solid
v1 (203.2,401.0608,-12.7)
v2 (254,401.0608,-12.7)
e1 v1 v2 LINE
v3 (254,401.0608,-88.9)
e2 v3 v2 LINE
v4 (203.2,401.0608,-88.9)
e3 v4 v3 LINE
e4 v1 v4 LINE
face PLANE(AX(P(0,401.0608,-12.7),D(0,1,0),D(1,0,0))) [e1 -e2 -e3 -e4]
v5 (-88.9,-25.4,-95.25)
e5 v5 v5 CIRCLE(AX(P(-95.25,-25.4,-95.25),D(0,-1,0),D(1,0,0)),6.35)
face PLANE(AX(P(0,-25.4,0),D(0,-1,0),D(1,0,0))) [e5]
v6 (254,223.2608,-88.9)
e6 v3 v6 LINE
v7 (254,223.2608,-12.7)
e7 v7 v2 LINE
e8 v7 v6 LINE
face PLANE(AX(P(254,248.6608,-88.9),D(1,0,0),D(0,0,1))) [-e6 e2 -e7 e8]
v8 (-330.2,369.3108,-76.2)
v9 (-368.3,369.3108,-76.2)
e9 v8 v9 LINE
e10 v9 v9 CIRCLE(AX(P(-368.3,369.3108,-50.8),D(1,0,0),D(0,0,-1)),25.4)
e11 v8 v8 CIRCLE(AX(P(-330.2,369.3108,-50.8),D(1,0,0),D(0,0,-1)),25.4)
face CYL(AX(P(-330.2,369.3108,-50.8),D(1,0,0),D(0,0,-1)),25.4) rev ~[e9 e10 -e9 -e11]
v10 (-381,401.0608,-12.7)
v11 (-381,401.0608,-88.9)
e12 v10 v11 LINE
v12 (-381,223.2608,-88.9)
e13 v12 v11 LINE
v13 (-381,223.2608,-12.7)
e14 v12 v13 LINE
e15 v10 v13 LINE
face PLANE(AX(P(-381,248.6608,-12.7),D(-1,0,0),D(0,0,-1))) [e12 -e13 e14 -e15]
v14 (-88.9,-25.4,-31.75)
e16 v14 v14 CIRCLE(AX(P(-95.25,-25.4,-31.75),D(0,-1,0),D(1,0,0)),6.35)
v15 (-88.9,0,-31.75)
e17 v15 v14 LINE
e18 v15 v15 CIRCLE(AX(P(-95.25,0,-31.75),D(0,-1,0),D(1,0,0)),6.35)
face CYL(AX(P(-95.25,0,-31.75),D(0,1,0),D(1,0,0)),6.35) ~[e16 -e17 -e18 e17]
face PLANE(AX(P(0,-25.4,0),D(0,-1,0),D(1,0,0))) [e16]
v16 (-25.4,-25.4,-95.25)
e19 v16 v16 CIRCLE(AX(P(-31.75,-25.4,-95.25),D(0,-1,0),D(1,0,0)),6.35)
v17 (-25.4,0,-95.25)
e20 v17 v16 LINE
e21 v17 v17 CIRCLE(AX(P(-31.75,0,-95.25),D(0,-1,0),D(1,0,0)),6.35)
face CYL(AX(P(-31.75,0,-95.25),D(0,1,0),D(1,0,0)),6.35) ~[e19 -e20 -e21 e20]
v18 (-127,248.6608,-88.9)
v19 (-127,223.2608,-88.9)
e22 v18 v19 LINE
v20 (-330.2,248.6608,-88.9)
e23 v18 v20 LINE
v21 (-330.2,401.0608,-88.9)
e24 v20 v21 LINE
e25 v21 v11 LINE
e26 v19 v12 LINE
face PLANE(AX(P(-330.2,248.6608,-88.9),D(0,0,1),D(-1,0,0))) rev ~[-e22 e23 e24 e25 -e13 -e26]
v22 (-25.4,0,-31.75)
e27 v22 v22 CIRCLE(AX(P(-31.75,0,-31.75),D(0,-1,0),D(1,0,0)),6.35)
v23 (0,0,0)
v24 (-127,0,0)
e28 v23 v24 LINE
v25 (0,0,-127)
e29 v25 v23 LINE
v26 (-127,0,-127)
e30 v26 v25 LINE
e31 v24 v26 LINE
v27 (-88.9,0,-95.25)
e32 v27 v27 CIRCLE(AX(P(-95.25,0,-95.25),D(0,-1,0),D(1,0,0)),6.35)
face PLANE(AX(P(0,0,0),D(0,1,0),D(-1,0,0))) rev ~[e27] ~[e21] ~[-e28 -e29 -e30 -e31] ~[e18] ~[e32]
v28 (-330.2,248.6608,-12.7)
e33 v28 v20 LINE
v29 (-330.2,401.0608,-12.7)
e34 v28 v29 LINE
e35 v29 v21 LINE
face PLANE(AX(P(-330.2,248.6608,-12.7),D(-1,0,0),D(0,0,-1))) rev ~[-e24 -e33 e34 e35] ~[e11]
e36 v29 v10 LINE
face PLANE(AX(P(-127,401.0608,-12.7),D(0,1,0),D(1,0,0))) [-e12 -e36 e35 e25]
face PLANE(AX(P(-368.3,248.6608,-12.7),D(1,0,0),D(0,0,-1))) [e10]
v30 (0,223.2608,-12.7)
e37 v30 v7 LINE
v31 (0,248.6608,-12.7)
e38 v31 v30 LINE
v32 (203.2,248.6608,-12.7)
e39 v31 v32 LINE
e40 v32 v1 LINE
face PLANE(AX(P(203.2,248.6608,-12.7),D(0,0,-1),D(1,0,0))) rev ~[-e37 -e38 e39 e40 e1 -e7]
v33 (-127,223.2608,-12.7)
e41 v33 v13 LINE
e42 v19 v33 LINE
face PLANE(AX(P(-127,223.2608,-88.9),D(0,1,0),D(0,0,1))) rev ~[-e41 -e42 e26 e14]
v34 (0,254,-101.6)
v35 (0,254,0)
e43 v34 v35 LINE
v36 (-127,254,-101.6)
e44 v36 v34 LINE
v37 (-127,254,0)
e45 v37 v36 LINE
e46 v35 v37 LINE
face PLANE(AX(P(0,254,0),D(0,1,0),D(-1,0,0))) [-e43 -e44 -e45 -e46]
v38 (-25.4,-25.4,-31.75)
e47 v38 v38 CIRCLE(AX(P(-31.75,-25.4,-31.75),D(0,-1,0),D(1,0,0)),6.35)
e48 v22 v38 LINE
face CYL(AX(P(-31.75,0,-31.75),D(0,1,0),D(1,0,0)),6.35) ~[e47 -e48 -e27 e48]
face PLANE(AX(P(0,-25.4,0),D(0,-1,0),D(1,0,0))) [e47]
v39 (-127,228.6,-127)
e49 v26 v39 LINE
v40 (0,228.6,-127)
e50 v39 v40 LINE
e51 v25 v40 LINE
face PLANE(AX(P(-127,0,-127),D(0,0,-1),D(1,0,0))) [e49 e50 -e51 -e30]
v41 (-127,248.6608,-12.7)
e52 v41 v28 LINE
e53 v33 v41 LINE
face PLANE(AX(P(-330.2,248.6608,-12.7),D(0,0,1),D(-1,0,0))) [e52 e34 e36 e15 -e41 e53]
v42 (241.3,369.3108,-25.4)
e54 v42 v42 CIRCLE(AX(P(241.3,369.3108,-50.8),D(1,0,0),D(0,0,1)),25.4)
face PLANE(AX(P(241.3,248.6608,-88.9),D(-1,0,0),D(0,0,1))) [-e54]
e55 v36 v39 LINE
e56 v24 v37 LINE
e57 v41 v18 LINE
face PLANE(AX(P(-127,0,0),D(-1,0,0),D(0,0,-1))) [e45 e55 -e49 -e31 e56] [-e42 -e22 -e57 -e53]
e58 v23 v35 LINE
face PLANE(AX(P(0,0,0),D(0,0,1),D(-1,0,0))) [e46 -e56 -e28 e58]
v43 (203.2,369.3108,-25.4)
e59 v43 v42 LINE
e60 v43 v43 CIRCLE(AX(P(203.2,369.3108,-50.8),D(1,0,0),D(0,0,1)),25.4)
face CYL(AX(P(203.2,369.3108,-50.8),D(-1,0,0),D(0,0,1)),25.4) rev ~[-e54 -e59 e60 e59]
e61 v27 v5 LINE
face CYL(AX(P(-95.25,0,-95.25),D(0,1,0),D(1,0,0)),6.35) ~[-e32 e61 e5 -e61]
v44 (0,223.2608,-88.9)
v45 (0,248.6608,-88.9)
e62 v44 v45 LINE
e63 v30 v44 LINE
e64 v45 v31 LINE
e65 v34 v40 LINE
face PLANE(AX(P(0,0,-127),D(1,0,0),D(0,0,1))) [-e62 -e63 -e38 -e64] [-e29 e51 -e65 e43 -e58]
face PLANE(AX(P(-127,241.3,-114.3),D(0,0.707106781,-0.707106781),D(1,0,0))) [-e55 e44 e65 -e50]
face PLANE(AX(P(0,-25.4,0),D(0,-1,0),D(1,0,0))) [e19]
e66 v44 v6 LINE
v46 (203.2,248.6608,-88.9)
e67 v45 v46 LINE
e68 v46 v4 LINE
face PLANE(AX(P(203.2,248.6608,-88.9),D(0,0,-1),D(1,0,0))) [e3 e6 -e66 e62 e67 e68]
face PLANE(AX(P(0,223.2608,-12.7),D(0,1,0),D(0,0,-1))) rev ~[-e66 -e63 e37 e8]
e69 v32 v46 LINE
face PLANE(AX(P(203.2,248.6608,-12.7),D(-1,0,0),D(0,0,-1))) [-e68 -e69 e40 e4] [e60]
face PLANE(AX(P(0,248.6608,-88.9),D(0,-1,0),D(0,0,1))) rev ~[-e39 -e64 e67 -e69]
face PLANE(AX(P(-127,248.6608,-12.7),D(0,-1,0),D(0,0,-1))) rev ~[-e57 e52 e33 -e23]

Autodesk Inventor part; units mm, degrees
ref_plane "YZ Plane" through (0, 0, 0) normal (1, 0, 0) x (0, 1, 0)
ref_plane "XZ Plane" through (0, 0, 0) normal (0, 1, 0) x (-1, 0, 0)
ref_plane "XY Plane" through (0, 0, 0) normal (0, 0, 1) x (1, 0, 0)
sketch "Sketch1" plane through (0, 0, 0) normal (0, 1, 0) x (-1, 0, 0)
  line L0 (0, 0) -> (127, 0)
  line L1 (127, 0) -> (127, -127)
  line L2 (127, -127) -> (0, -127)
  line L3 (0, -127) -> (0, 0)
  dimension "d0" = 127
  dimension "d1" = 127
extrude "Extrusion1" add sketch "Sketch1" along normal blind 254
sketch "Sketch3" plane through (0, 0, 0) normal (0, -1, 0) x (1, 0, 0)
  line L0 (0, -127) -> (-127, -127) projected
  line L1 (-127, -127) -> (-127, 0) projected
  line L2 (0, 0) -> (0, -127) projected
  line L3 (-127, 0) -> (0, 0) projected
  circle A0 centre (-31.75, -31.75) radius 6.35
  circle A1 centre (-95.25, -31.75) radius 6.35
  circle A2 centre (-95.25, -95.25) radius 6.35
  circle A3 centre (-31.75, -95.25) radius 6.35
  dimension "d5" = 12.7
  dimension "d6" = 12.7
  dimension "d7" = 12.7
  dimension "d8" = 12.7
extrude "Extrusion2" add sketch "Sketch3" along normal blind 25.4 contours A0 | A1 | A2 | A3
thread "Thread1" size "1/2-13 UNC" class "2A" standard "ANSI Unified Screw Threads" full length
thread "Thread2" size "1/2-13 UNC" class "2A" standard "ANSI Unified Screw Threads" full length
thread "Thread3" size "1/2-13 UNC" class "2A" standard "ANSI Unified Screw Threads" full length
thread "Thread4" size "1/2-13 UNC" class "2A" standard "ANSI Unified Screw Threads" full length
chamfer "Chamfer1" distance 25.4 angle 45 1 edges at (-63.5, 254, -127)
sketch "Sketch5" plane through (0, 0, 0) normal (1, 0, 0) x (0, 0, -1)
  line L0 (127, 0) -> (127, 228.6) projected
  line L1 (101.6, 254) -> (0, 254) projected
  line L2 (12.7, 223.2608) -> (88.9, 223.2608)
  line L3 (88.9, 223.2608) -> (88.9, 248.6608)
  line L4 (88.9, 248.6608) -> (12.7, 248.6608)
  line L5 (12.7, 248.6608) -> (12.7, 223.2608)
  line L6 (12.7, 223.2608) -> (88.9, 248.6608) construction
  line L7 (88.9, 223.2608) -> (12.7, 248.6608) construction
  point P0 (0, 0)
  point P1 (50.8, 235.9608)
  dimension "d22" = 76.2
  dimension "d23" = 25.4
extrude "Extrusion3" add sketch "Sketch5" along normal blind 254
sketch "Sketch6" plane through (0, 248.6608, -12.7) normal (0, 1, 0) x (1, 0, 0)
  line L0 (0, 0) -> (254, 0) projected
  line L1 (254, 0) -> (203.2, 0)
  line L2 (203.2, 0) -> (203.2, 76.2)
  line L3 (203.2, 76.2) -> (254, 76.2)
  line L4 (254, 76.2) -> (254, 0)
  point P0 (0, -12.7)
  dimension "d26" = 50.8
  dimension "d27" = 76.2
extrude "Extrusion4" add sketch "Sketch6" along normal blind 152.4
sketch "Sketch7" plane through (203.2, 248.6608, -88.9) normal (-1, 0, 0) x (0, 0, 1)
  line L0 (0, 152.4) -> (76.2, 152.4) projected
  line L1 (38.1, 152.4) -> (38.1, 120.65)
  circle A0 centre (38.1, 120.65) radius 25.4
  point P0 (88.9, -248.6608)
  dimension "d30" = 31.75
  dimension "d31" = 50.8
extrude "Extrusion5" cut sketch "Sketch7" against normal blind 38.1
sketch "Sketch8" plane through (-127, 0, -127) normal (-1, 0, 0) x (0, 0, 1)
  line L0 (114.3, 223.2608) -> (114.3, 248.6608) projected
  line L1 (114.3, 248.6608) -> (38.1, 248.6608) projected
  line L2 (38.1, 223.2608) -> (114.3, 223.2608) projected
  line L3 (114.3, 223.2608) -> (114.3, 248.6608) projected
  line L4 (114.3, 248.6608) -> (38.1, 248.6608) projected
  line L5 (38.1, 248.6608) -> (38.1, 223.2608) projected
  line L6 (38.1, 223.2608) -> (114.3, 223.2608) projected
  line L7 (25.4, 254) -> (0, 228.6) projected
  line L8 (127, 254) -> (25.4, 254) projected
  line L9 (127, 0) -> (127, 254) projected
  line L10 (0, 0) -> (127, 0) projected
  line L11 (0, 0) -> (0, 228.6) projected
extrude "Extrusion6" add sketch "Sketch8" along normal blind 254 contours L2 L5 L1 L0
sketch "Sketch9" plane through (-127, 248.6608, -12.7) normal (0, 1, 0) x (1, 0, 0)
  line L0 (0, 76.2) -> (0, 0) projected
  line L1 (0, 76.2) -> (-254, 76.2) projected
  line L2 (-254, 0) -> (-254, 76.2) projected
  line L3 (0, 0) -> (-254, 0) projected
  line L4 (-254, 76.2) -> (-254, 0) projected
  line L5 (-254, 0) -> (-203.2, 0)
  line L6 (-203.2, 0) -> (-203.2, 76.2)
  line L7 (-203.2, 76.2) -> (-254, 76.2)
  line L8 (-254, 76.2) -> (-254, 0)
  point P0 (127, -12.7)
  dimension "d36" = 50.8
  dimension "d37" = 76.2
extrude "Extrusion7" add sketch "Sketch9" along normal blind 152.4 contours L6 L3 L2 L1
sketch "Sketch10" plane through (-330.2, 248.6608, -12.7) normal (1, 0, 0) x (0, 0, -1)
  circle A0 centre (38.1, 120.65) radius 25.4 projected
  circle A1 centre (38.1, 120.65) radius 25.4 projected
  point P0 (-12.7, -248.6608)
extrude "Extrusion8" cut sketch "Sketch10" against normal blind 38.1
properties part number "TubePostV1"
